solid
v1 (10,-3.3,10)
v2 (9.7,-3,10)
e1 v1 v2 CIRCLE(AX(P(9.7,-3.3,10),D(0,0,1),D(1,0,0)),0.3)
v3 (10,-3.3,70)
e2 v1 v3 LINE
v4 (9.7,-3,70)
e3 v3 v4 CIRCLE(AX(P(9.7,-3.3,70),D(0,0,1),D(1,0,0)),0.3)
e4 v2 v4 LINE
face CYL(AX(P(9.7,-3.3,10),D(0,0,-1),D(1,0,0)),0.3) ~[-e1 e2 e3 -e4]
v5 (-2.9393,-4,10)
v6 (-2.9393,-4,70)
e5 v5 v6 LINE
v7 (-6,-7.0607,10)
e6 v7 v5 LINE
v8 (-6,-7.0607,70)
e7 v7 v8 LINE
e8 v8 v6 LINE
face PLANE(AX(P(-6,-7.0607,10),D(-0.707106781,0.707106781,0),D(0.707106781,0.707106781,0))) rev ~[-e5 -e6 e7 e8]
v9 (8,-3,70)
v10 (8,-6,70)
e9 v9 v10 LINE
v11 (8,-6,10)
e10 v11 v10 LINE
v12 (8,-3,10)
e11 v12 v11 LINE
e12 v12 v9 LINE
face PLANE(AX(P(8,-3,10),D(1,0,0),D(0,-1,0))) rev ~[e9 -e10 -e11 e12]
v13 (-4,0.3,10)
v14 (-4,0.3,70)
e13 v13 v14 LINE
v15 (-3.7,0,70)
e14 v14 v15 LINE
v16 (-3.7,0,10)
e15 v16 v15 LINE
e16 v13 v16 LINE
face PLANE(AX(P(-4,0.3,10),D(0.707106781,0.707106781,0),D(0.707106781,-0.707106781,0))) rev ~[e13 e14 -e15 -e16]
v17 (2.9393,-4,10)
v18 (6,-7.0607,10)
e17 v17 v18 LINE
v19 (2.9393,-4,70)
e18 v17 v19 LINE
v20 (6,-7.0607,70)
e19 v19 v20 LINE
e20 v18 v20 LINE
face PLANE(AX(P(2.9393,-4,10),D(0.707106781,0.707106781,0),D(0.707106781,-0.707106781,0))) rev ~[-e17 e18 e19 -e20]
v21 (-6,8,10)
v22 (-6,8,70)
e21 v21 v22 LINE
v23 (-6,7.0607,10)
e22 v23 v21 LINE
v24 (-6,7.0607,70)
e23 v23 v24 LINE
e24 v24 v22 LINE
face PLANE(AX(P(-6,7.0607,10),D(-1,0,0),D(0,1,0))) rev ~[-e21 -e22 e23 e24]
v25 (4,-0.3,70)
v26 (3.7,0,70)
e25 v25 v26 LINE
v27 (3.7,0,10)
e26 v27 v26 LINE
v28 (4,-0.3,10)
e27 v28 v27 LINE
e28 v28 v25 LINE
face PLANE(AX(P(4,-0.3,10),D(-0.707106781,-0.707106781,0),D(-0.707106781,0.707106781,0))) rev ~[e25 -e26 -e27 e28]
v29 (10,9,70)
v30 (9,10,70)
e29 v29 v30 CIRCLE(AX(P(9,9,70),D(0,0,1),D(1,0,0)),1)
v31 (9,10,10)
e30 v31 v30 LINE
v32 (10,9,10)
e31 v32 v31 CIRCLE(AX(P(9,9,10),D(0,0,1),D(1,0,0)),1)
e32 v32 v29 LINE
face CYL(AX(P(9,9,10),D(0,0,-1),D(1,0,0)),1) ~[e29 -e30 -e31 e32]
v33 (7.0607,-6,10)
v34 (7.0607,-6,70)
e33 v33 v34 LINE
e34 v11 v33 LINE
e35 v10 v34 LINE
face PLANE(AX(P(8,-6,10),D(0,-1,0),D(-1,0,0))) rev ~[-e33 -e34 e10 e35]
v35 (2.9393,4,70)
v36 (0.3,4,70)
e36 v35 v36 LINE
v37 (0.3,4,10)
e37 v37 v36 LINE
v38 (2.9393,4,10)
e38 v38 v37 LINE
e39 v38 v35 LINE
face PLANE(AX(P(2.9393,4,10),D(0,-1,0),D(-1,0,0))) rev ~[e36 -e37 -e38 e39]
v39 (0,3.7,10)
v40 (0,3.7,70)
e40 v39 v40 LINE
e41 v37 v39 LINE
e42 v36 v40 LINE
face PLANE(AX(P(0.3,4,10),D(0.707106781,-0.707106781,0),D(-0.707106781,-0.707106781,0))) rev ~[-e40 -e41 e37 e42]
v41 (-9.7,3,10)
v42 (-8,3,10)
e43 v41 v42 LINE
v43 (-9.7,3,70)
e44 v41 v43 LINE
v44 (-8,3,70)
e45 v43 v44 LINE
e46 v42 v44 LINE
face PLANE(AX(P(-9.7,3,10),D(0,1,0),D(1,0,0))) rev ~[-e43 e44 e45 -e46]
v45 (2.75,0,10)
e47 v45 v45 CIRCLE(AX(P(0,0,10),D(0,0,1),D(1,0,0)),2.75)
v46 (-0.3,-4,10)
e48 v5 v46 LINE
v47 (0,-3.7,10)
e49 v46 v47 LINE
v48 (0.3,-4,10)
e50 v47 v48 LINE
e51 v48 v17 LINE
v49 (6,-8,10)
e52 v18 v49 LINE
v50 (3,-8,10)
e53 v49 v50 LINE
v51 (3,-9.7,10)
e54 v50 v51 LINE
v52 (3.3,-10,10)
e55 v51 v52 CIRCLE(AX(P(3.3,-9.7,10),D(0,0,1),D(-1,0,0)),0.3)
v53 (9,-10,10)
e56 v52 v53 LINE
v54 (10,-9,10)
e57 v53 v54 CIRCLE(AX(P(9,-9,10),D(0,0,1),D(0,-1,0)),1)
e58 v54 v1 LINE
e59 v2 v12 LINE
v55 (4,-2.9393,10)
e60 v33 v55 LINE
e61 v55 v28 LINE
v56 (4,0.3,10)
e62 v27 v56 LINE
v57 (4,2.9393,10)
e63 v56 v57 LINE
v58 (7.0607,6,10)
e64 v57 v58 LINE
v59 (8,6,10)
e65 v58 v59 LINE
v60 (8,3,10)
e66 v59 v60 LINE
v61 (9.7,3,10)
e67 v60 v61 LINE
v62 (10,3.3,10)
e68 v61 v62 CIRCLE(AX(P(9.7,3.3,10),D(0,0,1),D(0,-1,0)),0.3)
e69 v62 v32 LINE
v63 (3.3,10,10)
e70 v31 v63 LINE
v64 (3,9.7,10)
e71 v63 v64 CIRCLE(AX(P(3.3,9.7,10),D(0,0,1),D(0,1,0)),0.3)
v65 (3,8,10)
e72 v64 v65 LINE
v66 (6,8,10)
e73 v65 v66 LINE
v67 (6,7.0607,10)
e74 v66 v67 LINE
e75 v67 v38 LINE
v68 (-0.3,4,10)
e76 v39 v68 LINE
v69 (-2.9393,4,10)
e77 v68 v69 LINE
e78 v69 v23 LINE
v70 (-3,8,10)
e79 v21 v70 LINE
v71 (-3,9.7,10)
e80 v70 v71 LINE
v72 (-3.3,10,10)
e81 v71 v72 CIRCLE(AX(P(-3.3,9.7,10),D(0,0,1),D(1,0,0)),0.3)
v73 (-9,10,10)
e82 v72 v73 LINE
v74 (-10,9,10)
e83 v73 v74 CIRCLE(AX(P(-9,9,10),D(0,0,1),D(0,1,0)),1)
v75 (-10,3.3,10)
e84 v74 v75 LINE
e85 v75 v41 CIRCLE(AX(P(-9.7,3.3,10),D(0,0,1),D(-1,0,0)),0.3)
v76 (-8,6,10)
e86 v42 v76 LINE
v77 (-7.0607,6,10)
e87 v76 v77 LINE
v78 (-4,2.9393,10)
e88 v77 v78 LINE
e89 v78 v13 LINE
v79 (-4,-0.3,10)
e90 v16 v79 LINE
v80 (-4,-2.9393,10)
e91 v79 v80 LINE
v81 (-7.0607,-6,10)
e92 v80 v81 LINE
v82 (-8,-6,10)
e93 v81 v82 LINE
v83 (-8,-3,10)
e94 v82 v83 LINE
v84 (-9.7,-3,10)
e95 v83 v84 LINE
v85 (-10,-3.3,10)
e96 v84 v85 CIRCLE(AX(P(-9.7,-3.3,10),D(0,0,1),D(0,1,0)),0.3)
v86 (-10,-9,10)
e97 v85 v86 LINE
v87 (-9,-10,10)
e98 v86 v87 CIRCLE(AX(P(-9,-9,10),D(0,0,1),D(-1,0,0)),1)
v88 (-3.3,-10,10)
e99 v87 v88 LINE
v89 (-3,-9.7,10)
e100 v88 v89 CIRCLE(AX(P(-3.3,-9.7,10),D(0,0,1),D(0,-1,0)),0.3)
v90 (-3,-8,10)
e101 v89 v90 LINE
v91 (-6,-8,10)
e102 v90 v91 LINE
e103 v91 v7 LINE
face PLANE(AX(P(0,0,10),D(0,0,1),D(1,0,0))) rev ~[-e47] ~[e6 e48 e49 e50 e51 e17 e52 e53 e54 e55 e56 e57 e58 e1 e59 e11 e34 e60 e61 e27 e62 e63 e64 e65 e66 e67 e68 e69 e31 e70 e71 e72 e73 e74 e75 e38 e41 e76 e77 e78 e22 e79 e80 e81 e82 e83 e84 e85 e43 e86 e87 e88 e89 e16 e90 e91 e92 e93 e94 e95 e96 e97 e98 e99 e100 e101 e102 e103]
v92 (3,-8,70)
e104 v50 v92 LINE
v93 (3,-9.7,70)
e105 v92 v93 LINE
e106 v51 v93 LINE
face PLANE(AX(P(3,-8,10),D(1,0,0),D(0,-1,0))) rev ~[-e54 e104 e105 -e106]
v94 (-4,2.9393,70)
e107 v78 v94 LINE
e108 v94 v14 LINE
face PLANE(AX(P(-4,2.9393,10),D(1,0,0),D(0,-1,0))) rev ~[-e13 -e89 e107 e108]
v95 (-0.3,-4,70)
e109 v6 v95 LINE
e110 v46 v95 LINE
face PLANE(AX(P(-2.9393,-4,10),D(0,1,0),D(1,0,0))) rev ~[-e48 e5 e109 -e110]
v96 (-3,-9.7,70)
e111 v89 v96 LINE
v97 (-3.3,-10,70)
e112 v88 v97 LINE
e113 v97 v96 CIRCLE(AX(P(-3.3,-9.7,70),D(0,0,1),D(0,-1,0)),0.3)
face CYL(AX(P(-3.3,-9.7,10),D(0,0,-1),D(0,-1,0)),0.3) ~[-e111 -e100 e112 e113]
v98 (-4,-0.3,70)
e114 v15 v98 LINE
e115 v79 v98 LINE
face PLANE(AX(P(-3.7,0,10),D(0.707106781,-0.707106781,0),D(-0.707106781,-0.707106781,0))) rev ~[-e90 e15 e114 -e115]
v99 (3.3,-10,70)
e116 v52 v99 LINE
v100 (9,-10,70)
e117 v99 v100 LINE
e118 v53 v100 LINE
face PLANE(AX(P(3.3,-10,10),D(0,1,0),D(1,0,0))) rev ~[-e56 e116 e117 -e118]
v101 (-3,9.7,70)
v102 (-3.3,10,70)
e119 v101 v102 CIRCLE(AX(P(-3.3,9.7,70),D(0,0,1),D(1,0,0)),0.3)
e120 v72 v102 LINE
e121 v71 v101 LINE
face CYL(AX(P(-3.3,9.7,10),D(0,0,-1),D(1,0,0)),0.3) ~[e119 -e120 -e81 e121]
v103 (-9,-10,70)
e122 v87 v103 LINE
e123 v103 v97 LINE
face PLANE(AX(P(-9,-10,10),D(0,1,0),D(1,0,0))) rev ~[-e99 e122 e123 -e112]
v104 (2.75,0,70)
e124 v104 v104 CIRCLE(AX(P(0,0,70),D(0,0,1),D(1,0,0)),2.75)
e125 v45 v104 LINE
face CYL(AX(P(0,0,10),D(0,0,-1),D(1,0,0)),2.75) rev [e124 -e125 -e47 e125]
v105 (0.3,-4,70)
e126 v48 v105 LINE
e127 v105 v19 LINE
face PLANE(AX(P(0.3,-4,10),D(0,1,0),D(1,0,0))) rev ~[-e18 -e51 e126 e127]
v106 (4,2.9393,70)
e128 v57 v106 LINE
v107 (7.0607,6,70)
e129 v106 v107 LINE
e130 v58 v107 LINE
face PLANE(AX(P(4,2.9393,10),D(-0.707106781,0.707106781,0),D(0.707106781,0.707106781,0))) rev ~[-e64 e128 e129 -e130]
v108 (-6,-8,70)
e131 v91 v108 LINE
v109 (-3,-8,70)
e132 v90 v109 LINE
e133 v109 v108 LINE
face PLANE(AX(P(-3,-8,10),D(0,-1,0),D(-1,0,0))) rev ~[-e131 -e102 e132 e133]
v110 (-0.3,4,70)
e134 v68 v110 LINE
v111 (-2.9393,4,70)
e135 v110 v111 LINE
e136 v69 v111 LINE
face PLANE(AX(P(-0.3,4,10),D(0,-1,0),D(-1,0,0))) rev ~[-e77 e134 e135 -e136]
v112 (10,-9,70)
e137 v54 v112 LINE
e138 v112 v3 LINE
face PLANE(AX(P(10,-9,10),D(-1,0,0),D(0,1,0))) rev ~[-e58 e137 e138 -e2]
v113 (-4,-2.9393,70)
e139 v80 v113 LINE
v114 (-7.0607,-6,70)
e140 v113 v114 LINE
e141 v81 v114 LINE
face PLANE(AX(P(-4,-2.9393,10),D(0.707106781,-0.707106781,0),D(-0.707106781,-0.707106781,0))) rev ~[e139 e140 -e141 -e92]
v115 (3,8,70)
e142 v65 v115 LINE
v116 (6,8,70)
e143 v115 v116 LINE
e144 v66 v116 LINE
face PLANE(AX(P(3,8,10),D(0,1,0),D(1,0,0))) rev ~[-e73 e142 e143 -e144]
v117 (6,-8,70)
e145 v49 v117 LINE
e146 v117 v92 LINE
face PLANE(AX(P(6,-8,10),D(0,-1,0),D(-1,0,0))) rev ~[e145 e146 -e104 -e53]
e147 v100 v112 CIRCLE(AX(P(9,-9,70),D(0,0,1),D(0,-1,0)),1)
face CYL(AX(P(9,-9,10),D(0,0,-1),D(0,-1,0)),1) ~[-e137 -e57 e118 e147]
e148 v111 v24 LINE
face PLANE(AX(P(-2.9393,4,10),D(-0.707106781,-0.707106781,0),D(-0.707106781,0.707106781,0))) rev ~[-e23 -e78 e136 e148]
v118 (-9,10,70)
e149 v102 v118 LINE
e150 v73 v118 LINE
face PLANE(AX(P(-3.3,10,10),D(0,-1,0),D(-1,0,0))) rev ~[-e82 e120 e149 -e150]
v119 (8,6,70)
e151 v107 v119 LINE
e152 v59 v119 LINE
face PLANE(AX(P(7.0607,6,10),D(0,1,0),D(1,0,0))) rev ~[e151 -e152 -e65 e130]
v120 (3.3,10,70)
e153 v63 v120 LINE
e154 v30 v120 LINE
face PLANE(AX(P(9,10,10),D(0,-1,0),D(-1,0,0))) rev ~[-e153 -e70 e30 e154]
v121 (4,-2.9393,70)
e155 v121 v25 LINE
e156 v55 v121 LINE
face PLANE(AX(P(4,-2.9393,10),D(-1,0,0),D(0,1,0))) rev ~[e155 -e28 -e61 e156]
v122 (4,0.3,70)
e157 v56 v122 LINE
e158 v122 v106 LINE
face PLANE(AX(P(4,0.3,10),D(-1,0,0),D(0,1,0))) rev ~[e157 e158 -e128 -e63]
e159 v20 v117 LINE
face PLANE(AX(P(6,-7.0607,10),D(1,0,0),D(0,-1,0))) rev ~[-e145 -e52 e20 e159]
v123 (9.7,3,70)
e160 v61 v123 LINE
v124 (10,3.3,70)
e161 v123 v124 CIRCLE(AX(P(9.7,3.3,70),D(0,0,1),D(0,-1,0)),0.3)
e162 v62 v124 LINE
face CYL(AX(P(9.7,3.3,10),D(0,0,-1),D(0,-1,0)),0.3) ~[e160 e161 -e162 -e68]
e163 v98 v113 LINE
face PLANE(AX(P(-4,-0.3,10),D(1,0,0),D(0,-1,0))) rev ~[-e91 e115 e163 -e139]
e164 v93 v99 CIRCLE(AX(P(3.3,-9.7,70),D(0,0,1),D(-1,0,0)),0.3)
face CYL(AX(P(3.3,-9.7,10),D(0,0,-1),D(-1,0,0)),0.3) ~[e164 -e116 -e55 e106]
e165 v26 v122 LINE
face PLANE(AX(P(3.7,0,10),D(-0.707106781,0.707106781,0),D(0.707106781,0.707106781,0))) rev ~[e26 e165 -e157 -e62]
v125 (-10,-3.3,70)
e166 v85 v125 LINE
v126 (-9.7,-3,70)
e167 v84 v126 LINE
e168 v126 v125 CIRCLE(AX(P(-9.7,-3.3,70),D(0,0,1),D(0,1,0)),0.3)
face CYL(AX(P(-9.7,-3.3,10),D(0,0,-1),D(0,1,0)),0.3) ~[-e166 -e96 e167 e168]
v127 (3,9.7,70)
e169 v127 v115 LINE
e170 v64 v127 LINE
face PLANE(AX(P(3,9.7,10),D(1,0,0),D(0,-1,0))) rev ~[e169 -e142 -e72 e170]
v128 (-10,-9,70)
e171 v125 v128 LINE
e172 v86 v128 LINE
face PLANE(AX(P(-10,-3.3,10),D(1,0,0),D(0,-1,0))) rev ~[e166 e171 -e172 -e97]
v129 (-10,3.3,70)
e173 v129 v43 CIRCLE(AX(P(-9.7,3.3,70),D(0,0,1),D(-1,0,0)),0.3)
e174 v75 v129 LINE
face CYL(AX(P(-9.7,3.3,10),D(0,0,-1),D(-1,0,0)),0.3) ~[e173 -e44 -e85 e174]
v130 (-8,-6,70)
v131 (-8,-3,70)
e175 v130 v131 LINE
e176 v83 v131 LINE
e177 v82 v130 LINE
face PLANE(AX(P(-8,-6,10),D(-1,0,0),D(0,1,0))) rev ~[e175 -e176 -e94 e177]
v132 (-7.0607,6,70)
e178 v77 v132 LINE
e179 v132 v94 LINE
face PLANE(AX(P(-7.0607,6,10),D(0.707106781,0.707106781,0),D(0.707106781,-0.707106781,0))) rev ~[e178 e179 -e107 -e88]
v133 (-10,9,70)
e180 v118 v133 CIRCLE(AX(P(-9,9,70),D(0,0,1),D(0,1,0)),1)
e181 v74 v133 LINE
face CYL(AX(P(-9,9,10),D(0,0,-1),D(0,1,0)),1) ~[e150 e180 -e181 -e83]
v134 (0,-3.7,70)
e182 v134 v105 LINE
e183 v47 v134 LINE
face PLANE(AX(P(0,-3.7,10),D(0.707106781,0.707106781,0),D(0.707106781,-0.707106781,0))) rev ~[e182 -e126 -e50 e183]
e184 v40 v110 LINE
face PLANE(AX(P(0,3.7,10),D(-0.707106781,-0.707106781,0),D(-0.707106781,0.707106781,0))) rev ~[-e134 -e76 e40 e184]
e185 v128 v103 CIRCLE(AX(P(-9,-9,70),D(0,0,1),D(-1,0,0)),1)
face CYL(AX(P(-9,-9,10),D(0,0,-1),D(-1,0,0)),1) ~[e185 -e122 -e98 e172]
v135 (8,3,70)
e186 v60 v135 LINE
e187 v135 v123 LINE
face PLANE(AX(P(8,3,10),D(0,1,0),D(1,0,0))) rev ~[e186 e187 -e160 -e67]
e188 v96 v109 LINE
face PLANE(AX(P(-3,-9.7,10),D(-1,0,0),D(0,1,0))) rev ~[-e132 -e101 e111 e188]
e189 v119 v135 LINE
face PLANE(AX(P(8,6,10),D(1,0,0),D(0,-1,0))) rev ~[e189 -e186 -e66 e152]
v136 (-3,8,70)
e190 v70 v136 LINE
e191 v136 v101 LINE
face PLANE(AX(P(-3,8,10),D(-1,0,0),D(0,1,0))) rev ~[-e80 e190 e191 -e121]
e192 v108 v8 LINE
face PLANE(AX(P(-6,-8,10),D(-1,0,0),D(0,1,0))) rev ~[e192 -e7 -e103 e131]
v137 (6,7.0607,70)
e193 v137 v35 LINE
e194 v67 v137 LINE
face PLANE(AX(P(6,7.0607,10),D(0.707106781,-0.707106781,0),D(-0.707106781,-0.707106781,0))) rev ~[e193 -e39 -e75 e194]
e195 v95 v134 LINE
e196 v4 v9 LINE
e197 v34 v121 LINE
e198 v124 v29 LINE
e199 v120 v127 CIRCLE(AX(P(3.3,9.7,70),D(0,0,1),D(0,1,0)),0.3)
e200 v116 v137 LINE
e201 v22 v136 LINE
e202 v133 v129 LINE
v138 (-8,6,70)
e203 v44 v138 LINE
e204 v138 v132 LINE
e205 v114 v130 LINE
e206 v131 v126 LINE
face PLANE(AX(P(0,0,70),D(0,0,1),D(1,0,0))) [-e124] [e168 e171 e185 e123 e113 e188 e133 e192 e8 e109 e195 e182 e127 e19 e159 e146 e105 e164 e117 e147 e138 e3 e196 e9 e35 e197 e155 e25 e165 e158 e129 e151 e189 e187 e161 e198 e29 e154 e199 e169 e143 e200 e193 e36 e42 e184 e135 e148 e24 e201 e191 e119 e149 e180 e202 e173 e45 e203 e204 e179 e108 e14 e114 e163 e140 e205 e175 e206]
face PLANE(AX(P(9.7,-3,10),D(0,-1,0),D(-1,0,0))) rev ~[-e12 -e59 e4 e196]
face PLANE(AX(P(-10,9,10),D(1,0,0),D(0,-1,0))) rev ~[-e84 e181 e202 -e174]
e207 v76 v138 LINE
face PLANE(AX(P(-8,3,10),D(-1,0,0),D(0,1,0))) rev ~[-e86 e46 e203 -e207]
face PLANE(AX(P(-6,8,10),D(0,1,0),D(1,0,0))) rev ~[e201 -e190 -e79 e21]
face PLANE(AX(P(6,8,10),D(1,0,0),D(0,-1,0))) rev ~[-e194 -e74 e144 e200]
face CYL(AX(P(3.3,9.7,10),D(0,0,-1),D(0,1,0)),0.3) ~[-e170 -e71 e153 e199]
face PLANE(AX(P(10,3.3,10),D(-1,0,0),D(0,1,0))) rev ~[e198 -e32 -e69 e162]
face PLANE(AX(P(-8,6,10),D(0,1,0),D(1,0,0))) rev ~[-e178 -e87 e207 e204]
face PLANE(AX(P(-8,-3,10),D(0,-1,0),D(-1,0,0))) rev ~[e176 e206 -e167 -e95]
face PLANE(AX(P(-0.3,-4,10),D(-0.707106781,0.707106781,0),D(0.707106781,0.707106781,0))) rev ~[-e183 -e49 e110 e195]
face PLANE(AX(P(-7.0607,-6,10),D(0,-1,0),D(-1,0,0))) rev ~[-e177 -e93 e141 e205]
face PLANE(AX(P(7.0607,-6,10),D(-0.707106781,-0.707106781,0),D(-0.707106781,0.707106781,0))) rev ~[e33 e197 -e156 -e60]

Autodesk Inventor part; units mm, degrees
ref_plane "Startebene" through (0, 0, 0) normal (0, 0, 1) x (1, 0, 0)
ref_plane "Endebene" through (0, 0, 320) normal (0, 0, 1) x (1, 0, 0)
ref_plane "Startebene1" through (0, 0, 0) normal (0, 0, 1) x (1, 0, 0)
ref_plane "Endebene1" through (0, 0, 80) normal (0, 0, 1) x (1, 0, 0)
ref_plane "Startebene2" through (0, 0, 10) normal (0, 0, 1) x (1, 0, 0)
ref_plane "Endebene2" through (0, 0, 70) normal (0, 0, 1) x (1, 0, 0)
sketch "Skizze" plane through (0, 0, 0) normal (0, 0, 1) x (1, 0, 0)
  line L0 (-10, 9) -> (-10, 3.3)
  arc A0 (-10, 3.3) -> (-9.7, 3) centre (-9.7, 3.3) ccw
  line L1 (-9.7, 3) -> (-8, 3)
  line L2 (-8, 3) -> (-8, 6)
  line L3 (-8, 6) -> (-7.0607, 6)
  line L4 (-7.0607, 6) -> (-4, 2.9393)
  line L5 (-4, 2.9393) -> (-4, 0.3)
  line L6 (-4, 0.3) -> (-3.7, 0)
  line L7 (-3.7, 0) -> (-4, -0.3)
  line L8 (-4, -0.3) -> (-4, -2.9393)
  line L9 (-4, -2.9393) -> (-7.0607, -6)
  line L10 (-7.0607, -6) -> (-8, -6)
  line L11 (-8, -6) -> (-8, -3)
  line L12 (-8, -3) -> (-9.7, -3)
  arc A1 (-9.7, -3) -> (-10, -3.3) centre (-9.7, -3.3) ccw
  line L13 (-10, -3.3) -> (-10, -9)
  arc A2 (-10, -9) -> (-9, -10) centre (-9, -9) ccw
  line L14 (-9, -10) -> (-3.3, -10)
  arc A3 (-3.3, -10) -> (-3, -9.7) centre (-3.3, -9.7) ccw
  line L15 (-3, -9.7) -> (-3, -8)
  line L16 (-3, -8) -> (-6, -8)
  line L17 (-6, -8) -> (-6, -7.0607)
  line L18 (-6, -7.0607) -> (-2.9393, -4)
  line L19 (-2.9393, -4) -> (-0.3, -4)
  line L20 (-0.3, -4) -> (0, -3.7)
  line L21 (0, -3.7) -> (0.3, -4)
  line L22 (0.3, -4) -> (2.9393, -4)
  line L23 (2.9393, -4) -> (6, -7.0607)
  line L24 (6, -7.0607) -> (6, -8)
  line L25 (6, -8) -> (3, -8)
  line L26 (3, -8) -> (3, -9.7)
  arc A4 (3, -9.7) -> (3.3, -10) centre (3.3, -9.7) ccw
  line L27 (3.3, -10) -> (9, -10)
  arc A5 (9, -10) -> (10, -9) centre (9, -9) ccw
  line L28 (10, -9) -> (10, -3.3)
  arc A6 (10, -3.3) -> (9.7, -3) centre (9.7, -3.3) ccw
  line L29 (9.7, -3) -> (8, -3)
  line L30 (8, -3) -> (8, -6)
  line L31 (8, -6) -> (7.0607, -6)
  line L32 (7.0607, -6) -> (4, -2.9393)
  line L33 (4, -2.9393) -> (4, -0.3)
  line L34 (4, -0.3) -> (3.7, 0)
  line L35 (3.7, 0) -> (4, 0.3)
  line L36 (4, 0.3) -> (4, 2.9393)
  line L37 (4, 2.9393) -> (7.0607, 6)
  line L38 (7.0607, 6) -> (8, 6)
  line L39 (8, 6) -> (8, 3)
  line L40 (8, 3) -> (9.7, 3)
  arc A7 (9.7, 3) -> (10, 3.3) centre (9.7, 3.3) ccw
  line L41 (10, 3.3) -> (10, 9)
  arc A8 (10, 9) -> (9, 10) centre (9, 9) ccw
  line L42 (9, 10) -> (3.3, 10)
  arc A9 (3.3, 10) -> (3, 9.7) centre (3.3, 9.7) ccw
  line L43 (3, 9.7) -> (3, 8)
  line L44 (3, 8) -> (6, 8)
  line L45 (6, 8) -> (6, 7.0607)
  line L46 (6, 7.0607) -> (2.9393, 4)
  line L47 (2.9393, 4) -> (0.3, 4)
  line L48 (0.3, 4) -> (0, 3.7)
  line L49 (0, 3.7) -> (-0.3, 4)
  line L50 (-0.3, 4) -> (-2.9393, 4)
  line L51 (-2.9393, 4) -> (-6, 7.0607)
  line L52 (-6, 7.0607) -> (-6, 8)
  line L53 (-6, 8) -> (-3, 8)
  line L54 (-3, 8) -> (-3, 9.7)
  arc A10 (-3, 9.7) -> (-3.3, 10) centre (-3.3, 9.7) ccw
  line L55 (-3.3, 10) -> (-9, 10)
  arc A11 (-9, 10) -> (-10, 9) centre (-9, 9) ccw
  circle A12 centre (0, 0) radius 2.75
  dimension "d2" = 5.5
  dimension "d3" = 10
  dimension "d4" = 10
  dimension "d5" = 5.7
  dimension "d6" = 5.7
  dimension "d7" = 1.7
  dimension "d8" = 3
  dimension "d9" = 0.3
  dimension "d10" = 90
  dimension "d11" = 45
  dimension "d12" = 45
  dimension "d13" = 45
  dimension "d14" = 90
  dimension "d15" = 90
  dimension "d16" = 45
  dimension "d17" = 45
  dimension "d18" = 45
  dimension "d19" = 45
  dimension "d20" = 90
  dimension "d21" = 90
  dimension "d22" = 45
  dimension "d23" = 45
  dimension "d24" = 90
  dimension "d25" = 90
  dimension "d26" = 90
  dimension "d27" = 90
  dimension "d28" = 90
  dimension "d29" = 90
  dimension "d30" = 90
  dimension "d31" = 90
  dimension "d32" = 90
  dimension "d33" = 90
  dimension "d34" = 90
  dimension "d35" = 90
  dimension "d36" = 90
  dimension "d37" = 90
  dimension "d38" = 90
  dimension "d39" = 4
  dimension "d40" = 6
  dimension "d41" = 13
  dimension "d42" = 14
  dimension "d43" = 16
  dimension "d44" = 18
  dimension "d45" = 3
  dimension "d46" = 9
  dimension "d47" = 7
  dimension "d48" = 1
  dimension "d49" = 7
  dimension "d50" = 1.5
  dimension "d51" = 1.8663
  dimension "d52" = 3.3663
  dimension "d53" = 1.5
  dimension "d54" = 1.8663
  dimension "d55" = 3.3663
  dimension "d56" = 4
  dimension "d57" = 10.8187
  dimension "d58" = 1.9092
  dimension "d59" = 5
  dimension "d60" = 13
  dimension "d61" = 13
  dimension "d62" = 16.0513
  dimension "d63" = 3.3234
  dimension "d64" = 14
  dimension "d65" = 12.685
extrude "Körper" add sketch "Skizze" along normal up to surface (60 mm away) from surface at 10
sketch "Skizze13" plane through (0, 0, 0) normal (0, 0, 1) x (1, 0, 0)
  line L0 (0, 0) -> (10, 0)
ref_plane "Arbeitsebene12" through (0, 0, 0) normal (0, -1, 0) x (1, 0, 0)
sketch "Skizze14" plane through (0, 0, 0) normal (0, -1, 0) x (1, 0, 0)
  line L0 (-2, 10) -> (12, 10)
  line L1 (-2, 70) -> (12, 70)
  dimension "d80" = 60
ref_plane "Arbeitsebene13" through (-9, 220, 70) normal (0, 0, 1) x (1, 0, 0)
split "Trennen1" plane through (-9, 220, 70) removes the side toward (0, 0, 1)
ref_plane "Arbeitsebene14" through (-3.3, 220, 10) normal (0, 0, -1) x (-1, 0, 0)
split "Trennen2" plane through (-3.3, 220, 10) removes the side toward (0, 0, -1)
equation "\"G_OFFSET_START\" = 0"
equation "\"G_OFFSET_END\" = 0"
equation "\"G_L\" = d80"
equation "\"G_OFFSET_START1\" = 0"
equation "\"G_OFFSET_END1\" = 0"
properties part number "Alu Profil 20x20 - AP2020" material "Aluminium 6061"
